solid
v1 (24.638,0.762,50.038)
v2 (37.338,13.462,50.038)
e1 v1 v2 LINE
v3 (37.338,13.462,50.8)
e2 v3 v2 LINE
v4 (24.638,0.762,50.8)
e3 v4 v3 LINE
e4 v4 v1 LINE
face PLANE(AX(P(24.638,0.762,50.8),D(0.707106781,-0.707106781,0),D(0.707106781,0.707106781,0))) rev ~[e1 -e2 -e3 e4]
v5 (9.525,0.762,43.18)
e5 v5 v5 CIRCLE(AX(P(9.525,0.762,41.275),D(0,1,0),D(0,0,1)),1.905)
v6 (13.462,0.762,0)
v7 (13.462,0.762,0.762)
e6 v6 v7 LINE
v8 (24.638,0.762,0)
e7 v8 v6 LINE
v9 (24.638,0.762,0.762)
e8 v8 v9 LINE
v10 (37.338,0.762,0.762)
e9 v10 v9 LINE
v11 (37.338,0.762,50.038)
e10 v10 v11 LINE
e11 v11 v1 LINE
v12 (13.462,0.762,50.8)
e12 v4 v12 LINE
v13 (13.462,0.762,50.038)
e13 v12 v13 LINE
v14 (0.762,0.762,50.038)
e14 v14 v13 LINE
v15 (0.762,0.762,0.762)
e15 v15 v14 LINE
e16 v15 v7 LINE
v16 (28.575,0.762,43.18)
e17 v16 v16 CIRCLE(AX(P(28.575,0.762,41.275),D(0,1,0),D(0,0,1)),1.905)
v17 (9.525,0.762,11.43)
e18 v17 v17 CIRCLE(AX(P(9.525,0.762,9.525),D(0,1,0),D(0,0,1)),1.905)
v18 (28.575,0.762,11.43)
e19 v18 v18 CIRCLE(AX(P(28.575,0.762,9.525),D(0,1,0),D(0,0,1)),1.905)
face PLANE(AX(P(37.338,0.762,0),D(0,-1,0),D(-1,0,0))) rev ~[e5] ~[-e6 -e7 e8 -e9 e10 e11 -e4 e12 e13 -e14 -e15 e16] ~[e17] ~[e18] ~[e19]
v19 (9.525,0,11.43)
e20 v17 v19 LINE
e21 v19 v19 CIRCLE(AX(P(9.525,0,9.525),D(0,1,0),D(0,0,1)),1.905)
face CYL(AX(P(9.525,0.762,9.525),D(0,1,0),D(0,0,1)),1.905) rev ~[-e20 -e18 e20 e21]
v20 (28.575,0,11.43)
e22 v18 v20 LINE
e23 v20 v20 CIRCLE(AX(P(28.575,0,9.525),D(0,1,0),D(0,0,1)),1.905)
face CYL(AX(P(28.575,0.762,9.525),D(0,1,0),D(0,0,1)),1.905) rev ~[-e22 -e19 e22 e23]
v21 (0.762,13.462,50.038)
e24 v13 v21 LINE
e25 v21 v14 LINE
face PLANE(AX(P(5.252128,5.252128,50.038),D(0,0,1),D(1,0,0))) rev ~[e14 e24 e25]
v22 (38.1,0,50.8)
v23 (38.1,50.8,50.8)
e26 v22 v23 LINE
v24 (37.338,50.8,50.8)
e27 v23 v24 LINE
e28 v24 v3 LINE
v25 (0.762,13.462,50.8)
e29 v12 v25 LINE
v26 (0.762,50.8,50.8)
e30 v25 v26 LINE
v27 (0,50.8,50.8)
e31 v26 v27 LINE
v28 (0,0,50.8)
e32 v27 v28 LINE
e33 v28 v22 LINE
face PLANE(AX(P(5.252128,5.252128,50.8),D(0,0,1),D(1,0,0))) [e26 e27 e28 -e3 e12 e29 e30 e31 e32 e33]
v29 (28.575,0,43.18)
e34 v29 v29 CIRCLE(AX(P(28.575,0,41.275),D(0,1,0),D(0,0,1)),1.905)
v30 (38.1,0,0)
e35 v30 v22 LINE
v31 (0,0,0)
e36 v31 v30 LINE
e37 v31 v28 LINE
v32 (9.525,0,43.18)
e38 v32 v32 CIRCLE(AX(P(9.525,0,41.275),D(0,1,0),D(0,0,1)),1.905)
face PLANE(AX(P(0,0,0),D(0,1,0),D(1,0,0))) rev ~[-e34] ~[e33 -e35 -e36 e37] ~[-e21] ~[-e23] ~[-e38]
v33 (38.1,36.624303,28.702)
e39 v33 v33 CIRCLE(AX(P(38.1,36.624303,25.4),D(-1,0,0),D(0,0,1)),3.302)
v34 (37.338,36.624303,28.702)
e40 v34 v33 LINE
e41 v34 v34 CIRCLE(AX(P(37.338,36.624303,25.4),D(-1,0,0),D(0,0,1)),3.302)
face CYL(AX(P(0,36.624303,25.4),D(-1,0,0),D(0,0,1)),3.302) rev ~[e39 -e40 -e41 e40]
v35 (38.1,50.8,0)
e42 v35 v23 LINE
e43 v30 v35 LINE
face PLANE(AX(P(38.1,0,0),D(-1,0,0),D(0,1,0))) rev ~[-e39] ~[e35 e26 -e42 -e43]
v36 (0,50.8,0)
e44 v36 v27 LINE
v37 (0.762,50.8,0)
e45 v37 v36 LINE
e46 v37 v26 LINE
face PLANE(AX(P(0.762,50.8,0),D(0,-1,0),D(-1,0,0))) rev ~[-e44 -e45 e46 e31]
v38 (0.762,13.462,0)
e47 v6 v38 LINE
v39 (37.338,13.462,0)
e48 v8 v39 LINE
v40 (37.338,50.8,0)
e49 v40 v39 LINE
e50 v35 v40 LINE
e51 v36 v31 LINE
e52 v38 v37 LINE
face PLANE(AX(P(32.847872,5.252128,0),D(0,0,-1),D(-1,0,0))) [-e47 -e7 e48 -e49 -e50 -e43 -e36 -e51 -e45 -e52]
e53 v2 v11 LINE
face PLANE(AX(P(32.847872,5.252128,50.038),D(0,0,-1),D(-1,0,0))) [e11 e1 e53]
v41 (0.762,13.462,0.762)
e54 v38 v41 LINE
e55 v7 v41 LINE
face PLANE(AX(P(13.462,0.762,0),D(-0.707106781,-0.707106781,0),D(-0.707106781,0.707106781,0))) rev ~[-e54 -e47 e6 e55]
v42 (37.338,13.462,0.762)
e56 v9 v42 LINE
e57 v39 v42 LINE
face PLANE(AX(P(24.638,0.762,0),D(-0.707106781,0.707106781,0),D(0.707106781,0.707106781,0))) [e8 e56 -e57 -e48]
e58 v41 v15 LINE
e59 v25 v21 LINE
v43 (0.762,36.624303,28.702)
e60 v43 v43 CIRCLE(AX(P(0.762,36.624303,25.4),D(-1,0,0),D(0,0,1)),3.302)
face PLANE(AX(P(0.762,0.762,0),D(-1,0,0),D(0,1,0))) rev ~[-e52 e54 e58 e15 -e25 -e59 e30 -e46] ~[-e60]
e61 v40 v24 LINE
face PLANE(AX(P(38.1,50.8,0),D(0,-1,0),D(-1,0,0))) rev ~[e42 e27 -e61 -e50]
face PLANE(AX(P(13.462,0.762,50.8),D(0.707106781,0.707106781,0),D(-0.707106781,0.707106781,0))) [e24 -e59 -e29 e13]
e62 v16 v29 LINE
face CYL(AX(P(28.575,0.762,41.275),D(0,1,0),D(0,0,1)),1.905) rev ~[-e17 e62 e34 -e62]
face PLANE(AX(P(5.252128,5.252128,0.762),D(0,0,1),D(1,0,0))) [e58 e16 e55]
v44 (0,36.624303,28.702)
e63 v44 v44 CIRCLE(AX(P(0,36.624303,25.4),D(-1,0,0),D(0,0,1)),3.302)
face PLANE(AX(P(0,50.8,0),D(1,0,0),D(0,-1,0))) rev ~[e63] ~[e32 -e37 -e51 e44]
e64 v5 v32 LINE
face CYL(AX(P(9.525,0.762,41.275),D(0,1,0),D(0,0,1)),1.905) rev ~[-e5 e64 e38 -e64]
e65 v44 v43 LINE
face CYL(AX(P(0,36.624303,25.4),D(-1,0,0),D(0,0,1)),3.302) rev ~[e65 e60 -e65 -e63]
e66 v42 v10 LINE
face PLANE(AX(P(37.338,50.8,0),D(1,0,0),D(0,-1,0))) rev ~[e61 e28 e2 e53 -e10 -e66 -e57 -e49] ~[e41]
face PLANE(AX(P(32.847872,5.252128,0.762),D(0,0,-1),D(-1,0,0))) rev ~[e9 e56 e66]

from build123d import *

# Parameters (mm, degrees)
BOSS_EXTRUDE1_DEPTH = 50.8
BOSS_EXTRUDE2_DEPTH = 0.762
BOSS_EXTRUDE3_DEPTH = 0.762
SKETCH4_R           = 3.302
CUT_EXTRUDE1_DEPTH  = 82.319677815
SKETCH5_R           = 1.905
CUT_EXTRUDE2_DEPTH  = 81.845849887


with BuildPart() as part:
    # Sketch1 → Boss-Extrude1 (new body)
    with BuildSketch(Plane.XY):
        Polygon((0, 0), (38.1, 0), (38.1, 50.8), (37.338, 50.8), (37.338, 0.762), (0.762, 0.762), (0.762, 50.8), (0, 50.8), align=None)
    extrude(amount=BOSS_EXTRUDE1_DEPTH)

    # Sketch2 → Boss-Extrude2 (add)
    with BuildSketch(Plane.XY.offset(50.8)):
        Polygon((0.762, 0.762), (13.462, 0.762), (0.762, 13.462), align=None)
        Polygon((37.338, 0.762), (24.638, 0.762), (37.338, 13.462), align=None)
    extrude(amount=-BOSS_EXTRUDE2_DEPTH)

    # Sketch3 → Boss-Extrude3 (add)
    with BuildSketch(Plane(origin=(0, 0, 0), x_dir=(-1, 0, 0), z_dir=(0, 0, -1))):
        Polygon((-37.338, 13.462), (-37.338, 0.762), (-24.638, 0.762), align=None)
        Polygon((-0.762, 0.762), (-13.462, 0.762), (-0.762, 13.462), align=None)
    extrude(amount=-BOSS_EXTRUDE3_DEPTH)

    # Sketch4 → Cut-Extrude1 (cut, through all)
    with BuildSketch(Plane.ZY):
        with Locations((25.4, 36.624302666)):
            Circle(SKETCH4_R)
    extrude(amount=-CUT_EXTRUDE1_DEPTH, mode=Mode.SUBTRACT)

    # Sketch5 → Cut-Extrude2 (cut, through all)
    with BuildSketch(Plane(origin=(0, 0.762, 0), x_dir=(1, 0, 0), z_dir=(0, 1, 0))):
        with Locations(Location((9.525, -9.525, 0), (0, 0, 270))):
            Circle(SKETCH5_R)
        with Locations(Location((9.525, -41.275, 0), (0, 0, 270))):
            Circle(SKETCH5_R)
        with Locations(Location((28.575, -41.275, 0), (0, 0, 270))):
            Circle(SKETCH5_R)
        with Locations(Location((28.575, -9.525, 0), (0, 0, 270))):
            Circle(SKETCH5_R)
    extrude(amount=-CUT_EXTRUDE2_DEPTH, mode=Mode.SUBTRACT)


solid = part.part
